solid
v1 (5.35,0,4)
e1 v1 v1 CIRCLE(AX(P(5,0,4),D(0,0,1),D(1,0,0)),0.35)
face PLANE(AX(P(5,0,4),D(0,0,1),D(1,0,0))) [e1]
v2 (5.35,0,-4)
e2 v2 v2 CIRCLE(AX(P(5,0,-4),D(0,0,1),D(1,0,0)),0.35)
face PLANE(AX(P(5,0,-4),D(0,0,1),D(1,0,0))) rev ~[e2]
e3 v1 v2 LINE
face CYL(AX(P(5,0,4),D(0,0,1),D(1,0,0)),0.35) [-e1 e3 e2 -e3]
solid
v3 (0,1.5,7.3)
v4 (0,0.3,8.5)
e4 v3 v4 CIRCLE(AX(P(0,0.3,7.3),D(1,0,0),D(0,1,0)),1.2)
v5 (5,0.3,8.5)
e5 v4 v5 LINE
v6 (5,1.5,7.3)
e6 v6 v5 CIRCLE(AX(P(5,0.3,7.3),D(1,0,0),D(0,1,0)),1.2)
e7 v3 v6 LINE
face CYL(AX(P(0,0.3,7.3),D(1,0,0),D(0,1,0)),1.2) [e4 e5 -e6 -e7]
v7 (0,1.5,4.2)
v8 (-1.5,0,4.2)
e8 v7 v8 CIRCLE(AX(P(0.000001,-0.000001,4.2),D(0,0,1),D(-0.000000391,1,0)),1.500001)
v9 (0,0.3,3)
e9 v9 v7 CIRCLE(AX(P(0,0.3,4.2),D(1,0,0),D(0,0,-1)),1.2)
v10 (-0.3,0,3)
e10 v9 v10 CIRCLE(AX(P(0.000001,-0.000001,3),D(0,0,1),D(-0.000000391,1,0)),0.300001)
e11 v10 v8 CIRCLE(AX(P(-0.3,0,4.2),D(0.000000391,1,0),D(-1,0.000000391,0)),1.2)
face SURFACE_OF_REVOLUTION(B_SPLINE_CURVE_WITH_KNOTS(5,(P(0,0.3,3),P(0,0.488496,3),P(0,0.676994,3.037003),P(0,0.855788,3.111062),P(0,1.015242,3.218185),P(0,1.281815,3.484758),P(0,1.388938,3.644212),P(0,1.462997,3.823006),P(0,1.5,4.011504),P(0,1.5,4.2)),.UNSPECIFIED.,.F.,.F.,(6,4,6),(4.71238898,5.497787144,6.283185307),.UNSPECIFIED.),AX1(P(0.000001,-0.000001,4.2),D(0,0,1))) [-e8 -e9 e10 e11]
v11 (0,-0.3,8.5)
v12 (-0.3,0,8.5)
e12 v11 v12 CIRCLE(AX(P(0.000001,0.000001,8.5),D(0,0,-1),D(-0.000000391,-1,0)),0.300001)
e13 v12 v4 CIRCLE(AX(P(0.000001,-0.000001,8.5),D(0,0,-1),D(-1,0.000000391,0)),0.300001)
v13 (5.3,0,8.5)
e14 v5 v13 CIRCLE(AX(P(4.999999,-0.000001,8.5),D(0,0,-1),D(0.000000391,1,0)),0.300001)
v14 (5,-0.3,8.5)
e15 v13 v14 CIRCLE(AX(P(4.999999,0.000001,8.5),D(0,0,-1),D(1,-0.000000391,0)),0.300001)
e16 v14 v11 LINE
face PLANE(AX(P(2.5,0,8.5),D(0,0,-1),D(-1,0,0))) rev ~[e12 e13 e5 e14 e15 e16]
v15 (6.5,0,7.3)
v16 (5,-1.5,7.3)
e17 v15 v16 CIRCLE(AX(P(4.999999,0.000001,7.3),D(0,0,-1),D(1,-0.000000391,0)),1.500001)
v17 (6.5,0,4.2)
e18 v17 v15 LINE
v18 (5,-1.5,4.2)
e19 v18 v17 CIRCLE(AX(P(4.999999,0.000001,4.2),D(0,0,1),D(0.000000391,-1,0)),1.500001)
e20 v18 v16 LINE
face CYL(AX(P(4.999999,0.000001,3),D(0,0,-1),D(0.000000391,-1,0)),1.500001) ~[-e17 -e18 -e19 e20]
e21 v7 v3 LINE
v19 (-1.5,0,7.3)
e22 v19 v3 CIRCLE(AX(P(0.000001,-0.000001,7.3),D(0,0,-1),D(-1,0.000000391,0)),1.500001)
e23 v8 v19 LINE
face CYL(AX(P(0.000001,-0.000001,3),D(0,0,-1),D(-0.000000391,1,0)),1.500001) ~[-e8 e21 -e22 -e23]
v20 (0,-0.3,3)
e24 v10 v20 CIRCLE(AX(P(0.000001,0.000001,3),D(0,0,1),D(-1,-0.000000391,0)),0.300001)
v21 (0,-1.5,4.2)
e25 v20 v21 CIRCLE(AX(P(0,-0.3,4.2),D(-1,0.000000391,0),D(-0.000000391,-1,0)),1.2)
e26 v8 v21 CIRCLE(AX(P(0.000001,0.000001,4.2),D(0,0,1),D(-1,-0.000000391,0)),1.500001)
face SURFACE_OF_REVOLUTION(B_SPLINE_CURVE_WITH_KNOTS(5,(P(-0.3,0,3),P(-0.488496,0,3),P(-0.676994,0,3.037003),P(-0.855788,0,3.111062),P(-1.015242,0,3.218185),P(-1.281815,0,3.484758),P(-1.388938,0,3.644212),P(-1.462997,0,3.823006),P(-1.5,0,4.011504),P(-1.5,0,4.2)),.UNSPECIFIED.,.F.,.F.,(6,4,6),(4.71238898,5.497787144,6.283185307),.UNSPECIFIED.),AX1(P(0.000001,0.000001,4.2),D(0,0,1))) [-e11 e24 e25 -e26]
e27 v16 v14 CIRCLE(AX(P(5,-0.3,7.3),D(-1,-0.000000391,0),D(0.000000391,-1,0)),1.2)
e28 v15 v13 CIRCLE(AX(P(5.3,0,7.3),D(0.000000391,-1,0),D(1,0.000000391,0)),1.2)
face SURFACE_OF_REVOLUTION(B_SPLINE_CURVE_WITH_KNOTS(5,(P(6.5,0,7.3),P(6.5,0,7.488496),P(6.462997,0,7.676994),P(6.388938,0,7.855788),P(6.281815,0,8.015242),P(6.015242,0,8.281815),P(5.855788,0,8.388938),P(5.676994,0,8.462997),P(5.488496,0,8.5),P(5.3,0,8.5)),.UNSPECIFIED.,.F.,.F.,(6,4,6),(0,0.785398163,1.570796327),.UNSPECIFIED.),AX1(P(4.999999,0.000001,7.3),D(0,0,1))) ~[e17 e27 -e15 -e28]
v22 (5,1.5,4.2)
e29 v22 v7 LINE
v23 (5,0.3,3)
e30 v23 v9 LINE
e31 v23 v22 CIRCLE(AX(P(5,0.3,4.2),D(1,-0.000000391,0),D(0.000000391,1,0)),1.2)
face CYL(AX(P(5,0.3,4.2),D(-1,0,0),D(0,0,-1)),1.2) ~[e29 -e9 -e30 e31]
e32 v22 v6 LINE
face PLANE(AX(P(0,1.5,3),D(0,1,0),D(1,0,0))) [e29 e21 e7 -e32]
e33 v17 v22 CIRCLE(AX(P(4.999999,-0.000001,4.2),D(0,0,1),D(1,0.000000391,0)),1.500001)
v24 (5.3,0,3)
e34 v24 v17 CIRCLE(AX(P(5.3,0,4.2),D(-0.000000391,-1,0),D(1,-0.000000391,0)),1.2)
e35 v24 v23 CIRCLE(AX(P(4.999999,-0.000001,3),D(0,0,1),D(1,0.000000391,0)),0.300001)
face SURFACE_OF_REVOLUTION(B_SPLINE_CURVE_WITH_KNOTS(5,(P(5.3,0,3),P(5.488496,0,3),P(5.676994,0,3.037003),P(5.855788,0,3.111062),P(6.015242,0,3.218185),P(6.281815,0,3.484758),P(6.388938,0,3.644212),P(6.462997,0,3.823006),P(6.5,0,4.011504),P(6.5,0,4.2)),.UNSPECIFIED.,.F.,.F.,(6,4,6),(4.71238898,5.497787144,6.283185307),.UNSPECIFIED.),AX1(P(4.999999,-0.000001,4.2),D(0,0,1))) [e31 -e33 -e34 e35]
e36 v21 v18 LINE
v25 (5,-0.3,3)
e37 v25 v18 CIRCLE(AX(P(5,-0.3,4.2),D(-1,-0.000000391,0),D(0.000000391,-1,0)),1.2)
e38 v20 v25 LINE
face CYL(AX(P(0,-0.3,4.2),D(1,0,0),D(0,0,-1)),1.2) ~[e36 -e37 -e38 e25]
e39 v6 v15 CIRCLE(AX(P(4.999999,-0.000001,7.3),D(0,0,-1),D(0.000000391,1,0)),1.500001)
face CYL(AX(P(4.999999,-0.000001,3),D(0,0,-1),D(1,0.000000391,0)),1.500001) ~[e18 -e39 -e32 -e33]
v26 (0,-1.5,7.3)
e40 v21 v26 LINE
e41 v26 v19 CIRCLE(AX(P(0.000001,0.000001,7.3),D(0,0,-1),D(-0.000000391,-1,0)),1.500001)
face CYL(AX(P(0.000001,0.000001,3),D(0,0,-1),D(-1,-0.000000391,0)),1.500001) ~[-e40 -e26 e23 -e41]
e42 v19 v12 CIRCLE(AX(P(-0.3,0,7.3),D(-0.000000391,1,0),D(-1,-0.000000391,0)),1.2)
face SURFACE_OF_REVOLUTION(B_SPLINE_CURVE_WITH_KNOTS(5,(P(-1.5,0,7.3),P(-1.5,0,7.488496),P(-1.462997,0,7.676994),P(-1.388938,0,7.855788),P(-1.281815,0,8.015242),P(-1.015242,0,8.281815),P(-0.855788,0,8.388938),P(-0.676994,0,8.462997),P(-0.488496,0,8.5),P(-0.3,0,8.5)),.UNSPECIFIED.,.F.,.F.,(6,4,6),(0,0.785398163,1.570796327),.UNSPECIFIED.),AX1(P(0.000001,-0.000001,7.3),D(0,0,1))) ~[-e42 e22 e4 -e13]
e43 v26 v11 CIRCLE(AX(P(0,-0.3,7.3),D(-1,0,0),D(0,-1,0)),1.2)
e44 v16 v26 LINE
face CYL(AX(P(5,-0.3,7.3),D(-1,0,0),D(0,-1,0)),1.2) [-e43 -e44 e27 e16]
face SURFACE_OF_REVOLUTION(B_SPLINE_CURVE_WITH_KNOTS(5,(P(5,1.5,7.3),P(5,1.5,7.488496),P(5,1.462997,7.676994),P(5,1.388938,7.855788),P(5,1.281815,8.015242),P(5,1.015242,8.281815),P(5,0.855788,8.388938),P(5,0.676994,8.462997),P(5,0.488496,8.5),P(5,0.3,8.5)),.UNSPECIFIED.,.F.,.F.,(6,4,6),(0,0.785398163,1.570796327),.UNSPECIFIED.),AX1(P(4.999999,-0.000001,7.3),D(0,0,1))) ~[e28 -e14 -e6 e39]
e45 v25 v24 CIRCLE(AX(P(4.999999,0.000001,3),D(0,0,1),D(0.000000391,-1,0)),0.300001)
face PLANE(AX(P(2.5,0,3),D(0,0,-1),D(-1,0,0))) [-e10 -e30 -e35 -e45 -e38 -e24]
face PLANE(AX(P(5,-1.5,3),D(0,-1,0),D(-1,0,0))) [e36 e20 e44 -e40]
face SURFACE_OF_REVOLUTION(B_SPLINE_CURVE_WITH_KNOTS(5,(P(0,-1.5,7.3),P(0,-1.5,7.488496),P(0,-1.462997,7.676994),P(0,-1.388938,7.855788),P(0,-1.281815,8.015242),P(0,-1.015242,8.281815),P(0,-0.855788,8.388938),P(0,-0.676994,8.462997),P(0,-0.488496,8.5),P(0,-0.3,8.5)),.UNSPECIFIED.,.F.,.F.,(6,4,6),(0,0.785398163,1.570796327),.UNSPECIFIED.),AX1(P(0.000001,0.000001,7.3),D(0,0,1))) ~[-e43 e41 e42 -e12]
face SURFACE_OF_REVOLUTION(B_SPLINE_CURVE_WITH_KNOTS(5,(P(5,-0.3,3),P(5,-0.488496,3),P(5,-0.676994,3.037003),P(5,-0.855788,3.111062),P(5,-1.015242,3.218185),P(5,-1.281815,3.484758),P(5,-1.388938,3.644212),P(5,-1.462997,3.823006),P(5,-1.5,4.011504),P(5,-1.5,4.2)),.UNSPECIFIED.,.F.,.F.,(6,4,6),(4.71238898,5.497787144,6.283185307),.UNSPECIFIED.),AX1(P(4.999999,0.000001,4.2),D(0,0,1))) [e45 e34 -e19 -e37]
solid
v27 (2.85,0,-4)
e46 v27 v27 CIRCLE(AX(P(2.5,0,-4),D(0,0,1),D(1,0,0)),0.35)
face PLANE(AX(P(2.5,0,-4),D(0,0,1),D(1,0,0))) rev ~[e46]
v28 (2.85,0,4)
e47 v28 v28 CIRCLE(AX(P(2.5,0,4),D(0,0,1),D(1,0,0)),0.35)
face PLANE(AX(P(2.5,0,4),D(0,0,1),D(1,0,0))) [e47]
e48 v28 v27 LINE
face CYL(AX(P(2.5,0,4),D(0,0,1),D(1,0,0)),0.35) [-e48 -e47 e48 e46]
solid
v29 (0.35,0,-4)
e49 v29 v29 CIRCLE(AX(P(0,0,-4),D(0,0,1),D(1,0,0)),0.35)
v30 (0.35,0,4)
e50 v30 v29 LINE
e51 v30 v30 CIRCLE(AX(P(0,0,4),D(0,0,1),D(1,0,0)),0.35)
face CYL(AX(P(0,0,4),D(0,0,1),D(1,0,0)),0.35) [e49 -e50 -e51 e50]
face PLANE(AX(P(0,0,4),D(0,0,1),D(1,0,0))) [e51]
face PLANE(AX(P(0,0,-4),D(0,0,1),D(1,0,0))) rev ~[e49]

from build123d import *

# Parameters (mm, degrees)
SKETCH_R     = 0.35
PAD_DEPTH    = 8
PAD002_DEPTH = 5.5
FILLET_R     = 1.2
FILLET001_R  = 1.2


with BuildPart() as pad:
    # Sketch → Pad (new body)
    with BuildSketch(Plane.XY.offset(4)):
        Circle(SKETCH_R)
        with Locations((5, 0)):
            Circle(SKETCH_R)
        with Locations((2.5, 0)):
            Circle(SKETCH_R)
    extrude(amount=-PAD_DEPTH)


with BuildPart() as fillet001:
    # Sketch003 → Pad002 (new body)
    with BuildSketch(Plane.XY.offset(3)):
        with BuildLine():
            Line((0, 1.5), (5, 1.5))
            ThreePointArc((6.5, 0), (6.06066, 1.06066), (5, 1.5))
            ThreePointArc((5, -1.5), (6.06066, -1.06066), (6.5, 0))
            Line((5, -1.5), (0, -1.5))
            ThreePointArc((-1.5, 0), (-1.06066, -1.06066), (0, -1.5))
            ThreePointArc((0, 1.5), (-1.06066, 1.06066), (-1.5, 0))
        make_face()
    extrude(amount=PAD002_DEPTH)

    # Fillet
    fillet_edges = [fillet001.edges().sort_by_distance(p)[0] for p in [
        (2.5, 1.5, 8.5),
        (-1.06066, 1.06066, 8.5),
        (-1.06066, -1.06066, 8.5),
        (2.5, -1.5, 8.5),
        (6.06066, -1.06066, 8.5),
        (6.06066, 1.06066, 8.5),
    ]]
    fillet(fillet_edges, radius=FILLET_R)

    # Fillet001
    fillet001_edges = [fillet001.edges().sort_by_distance(p)[0] for p in [
        (6.06066, -1.06066, 3),
        (6.06066, 1.06066, 3),
        (2.5, 1.5, 3),
        (2.5, -1.5, 3),
        (-1.06066, -1.06066, 3),
        (-1.06066, 1.06066, 3),
    ]]
    fillet(fillet001_edges, radius=FILLET001_R)


solid = Compound([pad.part, fillet001.part])
